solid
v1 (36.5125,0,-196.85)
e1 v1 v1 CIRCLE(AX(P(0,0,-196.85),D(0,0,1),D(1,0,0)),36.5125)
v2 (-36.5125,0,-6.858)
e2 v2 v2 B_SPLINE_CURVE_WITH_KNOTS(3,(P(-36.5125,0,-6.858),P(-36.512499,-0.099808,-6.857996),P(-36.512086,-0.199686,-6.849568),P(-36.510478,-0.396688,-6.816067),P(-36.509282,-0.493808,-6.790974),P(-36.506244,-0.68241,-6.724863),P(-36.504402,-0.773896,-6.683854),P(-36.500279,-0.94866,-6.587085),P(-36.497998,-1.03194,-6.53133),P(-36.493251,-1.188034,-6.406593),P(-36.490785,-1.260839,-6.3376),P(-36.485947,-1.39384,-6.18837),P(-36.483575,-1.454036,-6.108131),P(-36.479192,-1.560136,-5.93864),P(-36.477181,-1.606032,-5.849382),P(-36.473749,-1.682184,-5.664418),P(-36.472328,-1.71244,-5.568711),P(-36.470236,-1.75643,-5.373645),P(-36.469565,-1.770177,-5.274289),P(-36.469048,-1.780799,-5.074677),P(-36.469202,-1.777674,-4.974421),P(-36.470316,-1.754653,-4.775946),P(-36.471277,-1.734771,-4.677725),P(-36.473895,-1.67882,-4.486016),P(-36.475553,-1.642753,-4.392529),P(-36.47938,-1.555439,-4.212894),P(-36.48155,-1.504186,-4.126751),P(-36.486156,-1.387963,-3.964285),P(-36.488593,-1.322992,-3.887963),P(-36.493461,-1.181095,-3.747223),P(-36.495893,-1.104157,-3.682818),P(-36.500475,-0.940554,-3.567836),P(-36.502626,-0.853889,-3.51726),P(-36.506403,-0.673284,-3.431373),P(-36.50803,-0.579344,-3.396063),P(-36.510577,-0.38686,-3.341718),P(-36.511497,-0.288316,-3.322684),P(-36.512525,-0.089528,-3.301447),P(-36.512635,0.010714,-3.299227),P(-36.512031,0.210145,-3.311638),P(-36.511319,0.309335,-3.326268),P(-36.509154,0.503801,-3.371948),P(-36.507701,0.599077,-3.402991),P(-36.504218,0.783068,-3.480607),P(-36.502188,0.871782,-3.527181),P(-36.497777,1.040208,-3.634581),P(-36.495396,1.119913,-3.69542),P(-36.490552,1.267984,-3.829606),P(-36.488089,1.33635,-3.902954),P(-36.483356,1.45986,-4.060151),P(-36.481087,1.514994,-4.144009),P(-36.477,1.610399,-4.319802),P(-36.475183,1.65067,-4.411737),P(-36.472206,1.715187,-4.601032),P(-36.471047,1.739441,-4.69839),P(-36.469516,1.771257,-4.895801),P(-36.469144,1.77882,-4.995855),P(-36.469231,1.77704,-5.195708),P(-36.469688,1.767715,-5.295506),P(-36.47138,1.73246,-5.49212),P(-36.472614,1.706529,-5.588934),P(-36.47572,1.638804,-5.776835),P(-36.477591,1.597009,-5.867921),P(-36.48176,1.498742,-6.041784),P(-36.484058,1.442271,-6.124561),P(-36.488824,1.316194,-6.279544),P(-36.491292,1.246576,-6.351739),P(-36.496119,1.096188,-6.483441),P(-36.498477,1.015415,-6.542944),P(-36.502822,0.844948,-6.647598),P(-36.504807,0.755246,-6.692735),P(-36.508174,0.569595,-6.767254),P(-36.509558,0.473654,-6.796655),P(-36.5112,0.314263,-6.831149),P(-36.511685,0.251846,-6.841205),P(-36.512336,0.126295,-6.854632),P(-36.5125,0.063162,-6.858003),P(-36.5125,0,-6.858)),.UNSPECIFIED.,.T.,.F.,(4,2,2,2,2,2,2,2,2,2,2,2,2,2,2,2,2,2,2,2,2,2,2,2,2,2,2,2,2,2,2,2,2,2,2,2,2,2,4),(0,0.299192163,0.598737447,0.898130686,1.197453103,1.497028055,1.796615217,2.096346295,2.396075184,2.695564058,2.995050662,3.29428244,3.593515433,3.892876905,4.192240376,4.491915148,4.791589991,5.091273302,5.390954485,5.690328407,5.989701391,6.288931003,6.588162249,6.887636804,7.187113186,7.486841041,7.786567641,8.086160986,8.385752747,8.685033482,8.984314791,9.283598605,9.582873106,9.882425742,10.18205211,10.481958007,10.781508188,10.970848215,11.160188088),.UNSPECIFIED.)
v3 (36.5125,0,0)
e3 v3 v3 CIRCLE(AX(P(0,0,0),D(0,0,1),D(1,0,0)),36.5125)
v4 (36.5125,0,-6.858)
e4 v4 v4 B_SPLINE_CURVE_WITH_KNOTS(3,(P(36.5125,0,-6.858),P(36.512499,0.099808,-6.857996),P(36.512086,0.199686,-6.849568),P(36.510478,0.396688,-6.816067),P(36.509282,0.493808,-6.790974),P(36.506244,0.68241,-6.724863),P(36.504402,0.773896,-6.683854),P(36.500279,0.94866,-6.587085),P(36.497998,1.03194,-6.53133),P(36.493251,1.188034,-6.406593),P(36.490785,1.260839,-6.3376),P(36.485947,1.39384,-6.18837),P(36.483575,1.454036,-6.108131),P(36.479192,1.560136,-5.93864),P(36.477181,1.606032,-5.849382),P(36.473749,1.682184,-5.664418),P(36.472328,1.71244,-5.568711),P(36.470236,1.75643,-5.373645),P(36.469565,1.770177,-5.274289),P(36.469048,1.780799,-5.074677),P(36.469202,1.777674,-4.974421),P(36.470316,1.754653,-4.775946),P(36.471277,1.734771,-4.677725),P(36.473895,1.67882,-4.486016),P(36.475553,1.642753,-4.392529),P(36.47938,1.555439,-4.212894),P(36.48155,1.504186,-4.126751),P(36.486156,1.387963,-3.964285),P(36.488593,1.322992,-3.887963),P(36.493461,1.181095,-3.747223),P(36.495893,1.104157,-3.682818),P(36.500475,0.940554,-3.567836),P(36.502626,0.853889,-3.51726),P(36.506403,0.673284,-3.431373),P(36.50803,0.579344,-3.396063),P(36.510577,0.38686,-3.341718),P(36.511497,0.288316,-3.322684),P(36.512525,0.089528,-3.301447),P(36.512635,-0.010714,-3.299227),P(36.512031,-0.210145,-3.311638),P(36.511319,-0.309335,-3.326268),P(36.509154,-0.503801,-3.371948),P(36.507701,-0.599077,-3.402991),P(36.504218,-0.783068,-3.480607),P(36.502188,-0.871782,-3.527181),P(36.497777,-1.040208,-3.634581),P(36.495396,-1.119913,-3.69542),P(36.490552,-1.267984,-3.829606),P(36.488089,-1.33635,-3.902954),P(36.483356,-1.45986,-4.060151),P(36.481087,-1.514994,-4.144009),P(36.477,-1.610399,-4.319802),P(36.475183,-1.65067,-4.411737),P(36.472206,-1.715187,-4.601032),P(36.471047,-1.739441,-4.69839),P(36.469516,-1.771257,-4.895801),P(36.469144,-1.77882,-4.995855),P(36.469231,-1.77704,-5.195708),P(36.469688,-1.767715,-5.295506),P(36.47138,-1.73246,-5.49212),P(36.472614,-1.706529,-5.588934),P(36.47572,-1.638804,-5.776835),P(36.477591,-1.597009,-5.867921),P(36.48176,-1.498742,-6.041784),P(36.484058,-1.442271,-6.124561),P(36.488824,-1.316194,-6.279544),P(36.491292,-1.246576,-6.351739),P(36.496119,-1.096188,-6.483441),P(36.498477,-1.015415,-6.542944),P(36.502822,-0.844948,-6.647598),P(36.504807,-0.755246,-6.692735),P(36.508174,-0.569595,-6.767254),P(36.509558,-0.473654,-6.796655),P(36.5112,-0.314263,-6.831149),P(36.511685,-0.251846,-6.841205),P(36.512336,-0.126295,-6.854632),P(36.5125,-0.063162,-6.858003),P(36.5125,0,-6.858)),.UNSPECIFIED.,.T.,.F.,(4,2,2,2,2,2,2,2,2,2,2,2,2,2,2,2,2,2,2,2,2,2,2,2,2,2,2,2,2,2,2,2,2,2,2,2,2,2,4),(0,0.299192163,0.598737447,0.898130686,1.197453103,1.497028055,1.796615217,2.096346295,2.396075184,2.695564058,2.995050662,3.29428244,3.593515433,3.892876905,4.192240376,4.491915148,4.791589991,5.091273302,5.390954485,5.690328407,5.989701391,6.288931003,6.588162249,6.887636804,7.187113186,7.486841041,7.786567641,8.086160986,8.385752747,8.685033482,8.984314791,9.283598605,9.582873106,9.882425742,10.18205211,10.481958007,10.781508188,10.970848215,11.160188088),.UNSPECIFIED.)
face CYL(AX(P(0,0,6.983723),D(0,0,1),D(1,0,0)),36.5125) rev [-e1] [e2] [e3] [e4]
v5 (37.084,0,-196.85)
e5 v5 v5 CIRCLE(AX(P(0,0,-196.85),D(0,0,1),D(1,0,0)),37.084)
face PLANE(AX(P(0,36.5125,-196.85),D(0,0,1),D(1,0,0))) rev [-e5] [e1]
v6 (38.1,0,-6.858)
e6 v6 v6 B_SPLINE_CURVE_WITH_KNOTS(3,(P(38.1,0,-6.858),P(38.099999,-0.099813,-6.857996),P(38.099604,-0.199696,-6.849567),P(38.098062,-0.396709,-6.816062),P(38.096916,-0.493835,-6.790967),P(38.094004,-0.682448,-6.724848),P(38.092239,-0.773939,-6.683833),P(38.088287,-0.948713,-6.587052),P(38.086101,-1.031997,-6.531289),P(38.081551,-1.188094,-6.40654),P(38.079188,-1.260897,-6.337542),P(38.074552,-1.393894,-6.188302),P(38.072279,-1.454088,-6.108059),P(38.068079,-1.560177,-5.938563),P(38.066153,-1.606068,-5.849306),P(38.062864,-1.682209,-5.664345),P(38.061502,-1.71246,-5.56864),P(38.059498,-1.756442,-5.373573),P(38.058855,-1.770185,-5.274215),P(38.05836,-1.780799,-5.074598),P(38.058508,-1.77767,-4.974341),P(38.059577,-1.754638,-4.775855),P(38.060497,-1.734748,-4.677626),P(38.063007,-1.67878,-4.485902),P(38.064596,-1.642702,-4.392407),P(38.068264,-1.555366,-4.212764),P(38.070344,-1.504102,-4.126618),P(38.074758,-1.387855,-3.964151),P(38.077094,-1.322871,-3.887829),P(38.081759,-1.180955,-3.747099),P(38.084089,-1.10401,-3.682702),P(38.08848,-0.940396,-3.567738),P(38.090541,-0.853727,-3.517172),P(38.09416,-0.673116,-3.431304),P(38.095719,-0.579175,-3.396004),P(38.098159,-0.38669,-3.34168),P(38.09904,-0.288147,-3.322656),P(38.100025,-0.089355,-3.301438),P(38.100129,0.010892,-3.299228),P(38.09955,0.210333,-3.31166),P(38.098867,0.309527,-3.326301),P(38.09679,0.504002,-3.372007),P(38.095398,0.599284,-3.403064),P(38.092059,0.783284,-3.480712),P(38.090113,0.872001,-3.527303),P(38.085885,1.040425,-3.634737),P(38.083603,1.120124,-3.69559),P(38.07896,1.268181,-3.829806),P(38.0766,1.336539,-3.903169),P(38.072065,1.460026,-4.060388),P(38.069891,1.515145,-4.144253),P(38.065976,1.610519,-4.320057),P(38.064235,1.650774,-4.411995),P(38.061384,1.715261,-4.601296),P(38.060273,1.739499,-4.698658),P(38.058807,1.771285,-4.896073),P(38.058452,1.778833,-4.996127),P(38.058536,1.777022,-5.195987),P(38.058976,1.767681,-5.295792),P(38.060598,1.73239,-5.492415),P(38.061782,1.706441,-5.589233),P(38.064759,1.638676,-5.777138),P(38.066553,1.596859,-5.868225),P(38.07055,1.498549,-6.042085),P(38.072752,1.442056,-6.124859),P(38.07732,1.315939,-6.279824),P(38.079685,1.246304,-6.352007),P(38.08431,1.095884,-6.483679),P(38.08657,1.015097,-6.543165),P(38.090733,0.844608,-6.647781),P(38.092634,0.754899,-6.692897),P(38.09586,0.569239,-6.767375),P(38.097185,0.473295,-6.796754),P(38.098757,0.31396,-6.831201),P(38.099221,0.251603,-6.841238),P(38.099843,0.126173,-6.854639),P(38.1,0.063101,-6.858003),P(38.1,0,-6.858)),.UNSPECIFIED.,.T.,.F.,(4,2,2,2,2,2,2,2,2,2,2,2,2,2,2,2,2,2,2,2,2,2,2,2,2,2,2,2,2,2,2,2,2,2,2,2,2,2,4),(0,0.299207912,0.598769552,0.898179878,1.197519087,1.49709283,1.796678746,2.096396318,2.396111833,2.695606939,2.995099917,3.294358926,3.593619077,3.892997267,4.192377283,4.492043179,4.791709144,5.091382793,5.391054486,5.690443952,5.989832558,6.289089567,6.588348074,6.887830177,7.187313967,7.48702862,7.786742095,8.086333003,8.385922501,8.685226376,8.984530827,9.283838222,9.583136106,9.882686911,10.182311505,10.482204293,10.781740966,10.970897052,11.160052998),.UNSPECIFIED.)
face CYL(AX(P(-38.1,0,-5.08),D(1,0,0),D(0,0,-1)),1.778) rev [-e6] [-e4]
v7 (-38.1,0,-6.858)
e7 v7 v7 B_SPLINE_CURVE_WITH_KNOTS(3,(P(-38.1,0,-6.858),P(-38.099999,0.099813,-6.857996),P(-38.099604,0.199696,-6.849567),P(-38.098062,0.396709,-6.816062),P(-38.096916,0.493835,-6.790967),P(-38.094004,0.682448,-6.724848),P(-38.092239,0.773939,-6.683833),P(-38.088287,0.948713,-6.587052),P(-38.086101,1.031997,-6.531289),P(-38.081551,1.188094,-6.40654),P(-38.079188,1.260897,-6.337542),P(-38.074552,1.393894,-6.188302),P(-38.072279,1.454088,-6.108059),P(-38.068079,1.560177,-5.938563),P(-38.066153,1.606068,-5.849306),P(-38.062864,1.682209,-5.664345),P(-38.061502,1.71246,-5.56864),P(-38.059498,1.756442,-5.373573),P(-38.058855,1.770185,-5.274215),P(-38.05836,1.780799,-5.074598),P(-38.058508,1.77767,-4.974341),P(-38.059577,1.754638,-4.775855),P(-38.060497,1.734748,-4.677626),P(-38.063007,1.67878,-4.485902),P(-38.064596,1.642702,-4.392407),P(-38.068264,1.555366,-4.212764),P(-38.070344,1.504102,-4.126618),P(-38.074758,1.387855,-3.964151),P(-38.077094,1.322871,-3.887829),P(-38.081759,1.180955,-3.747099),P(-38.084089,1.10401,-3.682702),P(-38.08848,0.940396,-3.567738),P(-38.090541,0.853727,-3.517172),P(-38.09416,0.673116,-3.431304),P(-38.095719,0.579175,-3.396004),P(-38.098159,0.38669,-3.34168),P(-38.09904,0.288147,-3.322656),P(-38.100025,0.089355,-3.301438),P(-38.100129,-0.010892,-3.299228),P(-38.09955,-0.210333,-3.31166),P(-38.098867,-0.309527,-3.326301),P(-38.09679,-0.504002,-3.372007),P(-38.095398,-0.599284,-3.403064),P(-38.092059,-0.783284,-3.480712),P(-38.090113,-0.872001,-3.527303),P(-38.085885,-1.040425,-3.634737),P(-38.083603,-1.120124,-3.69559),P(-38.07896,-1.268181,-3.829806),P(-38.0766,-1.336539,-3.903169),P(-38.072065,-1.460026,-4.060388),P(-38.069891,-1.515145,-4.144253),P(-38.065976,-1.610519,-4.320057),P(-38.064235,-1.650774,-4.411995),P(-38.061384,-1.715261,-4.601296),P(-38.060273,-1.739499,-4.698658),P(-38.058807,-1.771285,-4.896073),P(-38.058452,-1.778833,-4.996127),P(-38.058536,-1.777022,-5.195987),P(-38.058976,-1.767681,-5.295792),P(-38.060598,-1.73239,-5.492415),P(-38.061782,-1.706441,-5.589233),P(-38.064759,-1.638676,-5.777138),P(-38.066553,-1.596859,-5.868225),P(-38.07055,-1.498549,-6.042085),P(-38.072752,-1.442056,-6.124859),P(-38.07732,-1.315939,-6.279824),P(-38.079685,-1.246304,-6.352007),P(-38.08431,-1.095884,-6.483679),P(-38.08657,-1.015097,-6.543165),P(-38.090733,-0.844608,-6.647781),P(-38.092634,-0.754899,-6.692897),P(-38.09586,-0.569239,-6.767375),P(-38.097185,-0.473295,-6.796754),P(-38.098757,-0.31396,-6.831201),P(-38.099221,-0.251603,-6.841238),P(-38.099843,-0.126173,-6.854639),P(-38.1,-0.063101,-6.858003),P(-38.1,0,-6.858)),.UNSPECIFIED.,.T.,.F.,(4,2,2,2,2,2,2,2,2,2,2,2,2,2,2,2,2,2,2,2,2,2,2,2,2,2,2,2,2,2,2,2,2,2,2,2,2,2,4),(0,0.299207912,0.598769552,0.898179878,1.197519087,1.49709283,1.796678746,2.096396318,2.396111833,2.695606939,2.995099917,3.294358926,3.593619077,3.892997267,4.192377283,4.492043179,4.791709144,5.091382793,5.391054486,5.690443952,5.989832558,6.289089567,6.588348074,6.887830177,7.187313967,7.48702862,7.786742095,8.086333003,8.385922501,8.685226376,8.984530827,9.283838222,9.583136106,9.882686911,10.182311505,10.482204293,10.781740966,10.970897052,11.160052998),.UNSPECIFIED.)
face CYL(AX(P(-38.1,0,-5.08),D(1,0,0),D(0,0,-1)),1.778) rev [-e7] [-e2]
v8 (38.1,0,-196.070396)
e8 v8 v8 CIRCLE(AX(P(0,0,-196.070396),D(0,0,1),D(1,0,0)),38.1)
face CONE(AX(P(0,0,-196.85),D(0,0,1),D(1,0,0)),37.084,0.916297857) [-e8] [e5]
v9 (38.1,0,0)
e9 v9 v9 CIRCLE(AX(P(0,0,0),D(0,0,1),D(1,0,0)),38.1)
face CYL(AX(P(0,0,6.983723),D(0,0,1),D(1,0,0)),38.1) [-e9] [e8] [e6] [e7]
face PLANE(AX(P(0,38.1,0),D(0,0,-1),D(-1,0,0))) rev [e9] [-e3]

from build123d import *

# Parameters (mm, degrees)
CUT_EXTRUDE1_DEPTH      = 205.091015236
CUT_EXTRUDE1_DEPTH_BACK = 205.091015236
SKETCH2_R               = 1.778


with BuildPart() as part:
    # Sketch1 → Revolve1 (revolve)
    with BuildSketch(Plane(origin=(0, 0, 0), x_dir=(0, 0, -1), z_dir=(1, 0, 0)), mode=Mode.PRIVATE) as revolve1_sk:
        Polygon((0, 36.5125), (196.85, 36.5125), (196.85, 37.084), (196.07039578, 38.1), (0, 38.1), align=None)
    revolve(revolve1_sk.sketch.rotate(Axis((0, 0, 6.983722976), (0, 0, -1)), 90), axis=Axis((0, 0, 6.983722976), (0, 0, -1)))

    # Sketch2 → Cut-Extrude1 (cut, two sides: drawn at the far end of the back side and taken through both)
    with BuildSketch(Plane(origin=(0, 0, 0), x_dir=(0, 0, -1), z_dir=(1, 0, 0)).offset(-CUT_EXTRUDE1_DEPTH_BACK)):
        with Locations((5.08, 0)):
            Circle(SKETCH2_R)
    extrude(amount=CUT_EXTRUDE1_DEPTH + CUT_EXTRUDE1_DEPTH_BACK, mode=Mode.SUBTRACT)


solid = part.part
